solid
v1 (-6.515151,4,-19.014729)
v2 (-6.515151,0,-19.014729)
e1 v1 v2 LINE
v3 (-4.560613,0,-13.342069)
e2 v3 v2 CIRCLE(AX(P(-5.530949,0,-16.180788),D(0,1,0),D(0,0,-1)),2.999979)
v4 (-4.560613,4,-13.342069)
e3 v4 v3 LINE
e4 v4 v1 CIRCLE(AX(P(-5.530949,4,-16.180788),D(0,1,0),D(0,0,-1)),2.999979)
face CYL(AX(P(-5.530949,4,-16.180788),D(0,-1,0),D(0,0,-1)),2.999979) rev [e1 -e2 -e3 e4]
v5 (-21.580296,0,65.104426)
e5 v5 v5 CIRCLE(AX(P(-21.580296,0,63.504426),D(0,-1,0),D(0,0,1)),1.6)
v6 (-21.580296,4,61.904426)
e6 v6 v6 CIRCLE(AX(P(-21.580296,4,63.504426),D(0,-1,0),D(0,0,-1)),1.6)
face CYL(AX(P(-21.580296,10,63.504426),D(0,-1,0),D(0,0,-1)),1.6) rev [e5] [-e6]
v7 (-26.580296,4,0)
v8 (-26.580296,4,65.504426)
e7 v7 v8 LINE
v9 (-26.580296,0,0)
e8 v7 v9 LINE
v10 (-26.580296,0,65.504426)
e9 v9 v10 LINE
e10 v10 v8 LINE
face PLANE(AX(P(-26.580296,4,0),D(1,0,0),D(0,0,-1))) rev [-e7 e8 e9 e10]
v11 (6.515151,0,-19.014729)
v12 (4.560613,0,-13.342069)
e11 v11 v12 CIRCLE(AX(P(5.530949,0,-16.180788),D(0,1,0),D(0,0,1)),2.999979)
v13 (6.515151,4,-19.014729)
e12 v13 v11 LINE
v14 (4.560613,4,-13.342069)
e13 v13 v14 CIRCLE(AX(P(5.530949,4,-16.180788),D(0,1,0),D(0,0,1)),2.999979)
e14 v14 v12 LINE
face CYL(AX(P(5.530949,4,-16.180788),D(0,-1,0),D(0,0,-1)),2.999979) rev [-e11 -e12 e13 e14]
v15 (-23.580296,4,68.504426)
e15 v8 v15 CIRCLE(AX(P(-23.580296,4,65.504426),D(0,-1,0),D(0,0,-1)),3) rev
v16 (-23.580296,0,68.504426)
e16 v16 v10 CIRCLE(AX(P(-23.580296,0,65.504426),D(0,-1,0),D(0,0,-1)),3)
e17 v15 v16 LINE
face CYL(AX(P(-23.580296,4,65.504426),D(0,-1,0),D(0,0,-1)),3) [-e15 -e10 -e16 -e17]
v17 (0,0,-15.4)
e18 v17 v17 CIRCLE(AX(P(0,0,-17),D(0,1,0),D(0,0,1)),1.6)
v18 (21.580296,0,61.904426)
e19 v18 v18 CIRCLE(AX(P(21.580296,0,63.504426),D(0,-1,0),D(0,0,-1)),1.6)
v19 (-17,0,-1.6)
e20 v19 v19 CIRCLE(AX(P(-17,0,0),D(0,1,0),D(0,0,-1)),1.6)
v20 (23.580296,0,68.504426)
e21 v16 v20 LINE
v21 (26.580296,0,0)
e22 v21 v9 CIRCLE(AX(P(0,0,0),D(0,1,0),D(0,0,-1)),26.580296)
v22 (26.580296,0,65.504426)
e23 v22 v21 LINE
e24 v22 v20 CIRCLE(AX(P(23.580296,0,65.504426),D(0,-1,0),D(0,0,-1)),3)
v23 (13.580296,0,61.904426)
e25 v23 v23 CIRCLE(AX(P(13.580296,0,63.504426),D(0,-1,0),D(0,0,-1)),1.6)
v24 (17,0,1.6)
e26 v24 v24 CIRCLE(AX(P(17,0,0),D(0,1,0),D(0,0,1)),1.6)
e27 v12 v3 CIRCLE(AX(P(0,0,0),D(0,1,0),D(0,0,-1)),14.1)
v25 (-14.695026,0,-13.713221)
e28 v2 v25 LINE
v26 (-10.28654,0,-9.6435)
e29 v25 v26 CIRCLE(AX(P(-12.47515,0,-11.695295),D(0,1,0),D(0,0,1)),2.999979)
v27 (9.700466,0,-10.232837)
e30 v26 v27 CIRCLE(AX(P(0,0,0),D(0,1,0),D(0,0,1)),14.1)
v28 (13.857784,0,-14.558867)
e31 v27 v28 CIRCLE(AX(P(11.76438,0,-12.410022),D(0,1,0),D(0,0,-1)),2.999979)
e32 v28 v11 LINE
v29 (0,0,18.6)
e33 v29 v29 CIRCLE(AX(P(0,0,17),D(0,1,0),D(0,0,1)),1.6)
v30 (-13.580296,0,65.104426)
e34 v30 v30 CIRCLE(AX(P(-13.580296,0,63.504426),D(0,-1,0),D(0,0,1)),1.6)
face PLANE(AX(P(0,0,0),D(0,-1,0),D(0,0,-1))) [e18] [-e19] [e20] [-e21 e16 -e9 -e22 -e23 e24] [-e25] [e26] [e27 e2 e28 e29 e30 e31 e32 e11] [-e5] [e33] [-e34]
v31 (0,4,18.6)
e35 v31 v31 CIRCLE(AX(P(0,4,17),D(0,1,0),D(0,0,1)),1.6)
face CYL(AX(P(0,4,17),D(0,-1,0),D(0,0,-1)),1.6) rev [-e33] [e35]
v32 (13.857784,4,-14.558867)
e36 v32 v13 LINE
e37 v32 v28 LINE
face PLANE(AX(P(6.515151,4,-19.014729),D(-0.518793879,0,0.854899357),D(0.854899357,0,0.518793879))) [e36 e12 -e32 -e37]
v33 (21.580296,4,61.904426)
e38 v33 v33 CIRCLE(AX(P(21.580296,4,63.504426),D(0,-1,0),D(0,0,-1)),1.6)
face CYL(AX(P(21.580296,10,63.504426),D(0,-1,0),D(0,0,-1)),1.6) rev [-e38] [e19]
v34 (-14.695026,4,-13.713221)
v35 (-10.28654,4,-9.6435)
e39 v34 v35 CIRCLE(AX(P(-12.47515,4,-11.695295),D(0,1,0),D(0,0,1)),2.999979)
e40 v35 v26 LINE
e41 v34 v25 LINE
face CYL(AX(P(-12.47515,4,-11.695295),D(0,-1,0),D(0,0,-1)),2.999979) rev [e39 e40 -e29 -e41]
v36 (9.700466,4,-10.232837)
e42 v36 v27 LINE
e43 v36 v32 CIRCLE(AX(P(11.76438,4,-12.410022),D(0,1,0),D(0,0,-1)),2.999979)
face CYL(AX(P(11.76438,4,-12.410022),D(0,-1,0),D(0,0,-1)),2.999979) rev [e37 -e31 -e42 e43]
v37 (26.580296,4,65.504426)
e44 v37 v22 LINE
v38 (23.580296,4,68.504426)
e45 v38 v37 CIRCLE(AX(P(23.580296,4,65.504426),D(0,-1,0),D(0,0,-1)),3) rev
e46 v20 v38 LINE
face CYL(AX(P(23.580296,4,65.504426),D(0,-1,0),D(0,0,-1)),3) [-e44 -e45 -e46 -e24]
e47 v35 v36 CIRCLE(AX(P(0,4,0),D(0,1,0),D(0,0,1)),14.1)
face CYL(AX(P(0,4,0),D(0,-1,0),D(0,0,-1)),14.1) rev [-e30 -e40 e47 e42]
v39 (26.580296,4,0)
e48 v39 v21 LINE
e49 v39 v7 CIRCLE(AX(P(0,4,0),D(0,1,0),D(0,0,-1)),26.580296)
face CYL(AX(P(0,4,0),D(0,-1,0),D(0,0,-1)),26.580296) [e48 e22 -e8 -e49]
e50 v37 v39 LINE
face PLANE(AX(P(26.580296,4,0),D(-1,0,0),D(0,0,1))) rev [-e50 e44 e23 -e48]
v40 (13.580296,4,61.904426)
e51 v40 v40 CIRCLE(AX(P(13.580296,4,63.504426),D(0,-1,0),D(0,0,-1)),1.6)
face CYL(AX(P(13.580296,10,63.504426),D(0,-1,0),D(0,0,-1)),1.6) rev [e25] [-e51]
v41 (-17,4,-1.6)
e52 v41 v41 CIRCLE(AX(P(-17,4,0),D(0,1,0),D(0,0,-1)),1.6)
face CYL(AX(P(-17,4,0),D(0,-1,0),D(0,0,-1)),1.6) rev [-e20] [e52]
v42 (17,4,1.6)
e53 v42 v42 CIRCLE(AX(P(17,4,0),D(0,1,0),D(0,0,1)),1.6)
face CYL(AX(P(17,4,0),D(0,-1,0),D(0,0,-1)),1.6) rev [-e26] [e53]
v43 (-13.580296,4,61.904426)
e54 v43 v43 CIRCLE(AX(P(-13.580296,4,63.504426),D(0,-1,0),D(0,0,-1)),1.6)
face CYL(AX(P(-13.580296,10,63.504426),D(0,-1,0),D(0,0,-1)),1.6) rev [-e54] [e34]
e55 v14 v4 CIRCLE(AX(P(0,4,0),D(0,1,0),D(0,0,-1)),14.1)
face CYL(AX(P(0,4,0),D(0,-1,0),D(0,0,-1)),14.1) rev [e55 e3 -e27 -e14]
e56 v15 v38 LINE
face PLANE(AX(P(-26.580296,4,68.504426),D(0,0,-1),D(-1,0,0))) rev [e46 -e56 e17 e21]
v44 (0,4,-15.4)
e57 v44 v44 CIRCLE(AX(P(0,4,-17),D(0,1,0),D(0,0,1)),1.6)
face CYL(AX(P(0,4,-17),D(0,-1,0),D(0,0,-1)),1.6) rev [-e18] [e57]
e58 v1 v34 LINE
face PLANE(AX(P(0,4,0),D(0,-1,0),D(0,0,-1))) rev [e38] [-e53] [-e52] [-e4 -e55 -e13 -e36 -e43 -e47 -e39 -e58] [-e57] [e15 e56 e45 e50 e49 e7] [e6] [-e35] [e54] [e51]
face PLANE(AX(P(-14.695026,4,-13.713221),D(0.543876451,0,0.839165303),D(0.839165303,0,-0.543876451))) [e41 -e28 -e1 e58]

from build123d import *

# Parameters (mm, degrees)
SKETCH_1_R          = 1.6
EXTRUDE_1_DEPTH     = 4
SKETCH_2_R          = 1.6
CUT_EXTRUDE_1_DEPTH = 10
FILLET_1_R          = 3


with BuildPart() as part:
    # 草图1 → 凸台-拉伸1 (new body)
    with BuildSketch(Plane(origin=(0, 0, 0), x_dir=(1, 0, 0), z_dir=(0, 1, 0))):
        with BuildLine():
            Line((-26.580295873, 0), (-26.580295873, -68.504426064))
            Line((-26.580295873, -68.504426064), (26.580295873, -68.504426064))
            Line((26.580295873, -68.504426064), (26.580295873, 0))
            ThreePointArc((26.580295873, 0), (0, 26.580295873), (-26.580295873, 0))
        make_face()
        with Locations(Location((17, 0, 0), (0, 0, 270))):
            Circle(SKETCH_1_R, mode=Mode.SUBTRACT)
        with Locations(Location((-17, 0, 0), (0, 0, 90))):
            Circle(SKETCH_1_R, mode=Mode.SUBTRACT)
        with Locations(Location((0, 17, 0), (0, 0, 270))):
            Circle(SKETCH_1_R, mode=Mode.SUBTRACT)
        with Locations(Location((0, -17, 0), (0, 0, 270))):
            Circle(SKETCH_1_R, mode=Mode.SUBTRACT)
        with BuildLine():
            Line((-14.695026261, 13.713220631), (-6.515150502, 19.014728906))
            ThreePointArc((-6.515150502, 19.014728906), (-2.694610628, 17.158059668), (-4.560612538, 13.342069303))
            ThreePointArc((-4.560612538, 13.342069303), (0, 14.1), (4.560612538, 13.342069303))
            ThreePointArc((4.560612538, 13.342069303), (2.694610628, 17.158059668), (6.515150502, 19.014728906))
            Line((6.515150502, 19.014728906), (13.857784146, 14.558867106))
            ThreePointArc((13.857784146, 14.558867106), (13.927445578, 10.331314347), (9.700465883, 10.232837419))
            ThreePointArc((9.700465883, 10.232837419), (0.41557213, -14.093874549), (-10.286539783, 9.643500365))
            ThreePointArc((-10.286539783, 9.643500365), (-14.510070274, 9.490986437), (-14.695026261, 13.713220631))
        make_face(mode=Mode.SUBTRACT)
    extrude(amount=EXTRUDE_1_DEPTH)

    # 草图2 → 切除-拉伸1 (cut)
    with BuildSketch(Plane.XZ):
        with Locations(Location((21.580295873, 63.504426064, 0), (0, 0, 270))):
            Circle(SKETCH_2_R)
        with Locations(Location((13.580295873, 63.504426064, 0), (0, 0, 270))):
            Circle(SKETCH_2_R)
        with Locations(Location((-13.580295873, 63.504426064, 0), (0, 0, 270))):
            Circle(SKETCH_2_R)
        with Locations(Location((-21.580295873, 63.504426064, 0), (0, 0, 270))):
            Circle(SKETCH_2_R)
    extrude(amount=-CUT_EXTRUDE_1_DEPTH, mode=Mode.SUBTRACT)

    # 圆角1
    fillet_1_edges = [part.edges().sort_by_distance(p)[0] for p in [
        (-26.580295873, 2, 68.504426064),
        (26.580295873, 2, 68.504426064),
    ]]
    fillet(fillet_1_edges, radius=FILLET_1_R)


solid = part.part
